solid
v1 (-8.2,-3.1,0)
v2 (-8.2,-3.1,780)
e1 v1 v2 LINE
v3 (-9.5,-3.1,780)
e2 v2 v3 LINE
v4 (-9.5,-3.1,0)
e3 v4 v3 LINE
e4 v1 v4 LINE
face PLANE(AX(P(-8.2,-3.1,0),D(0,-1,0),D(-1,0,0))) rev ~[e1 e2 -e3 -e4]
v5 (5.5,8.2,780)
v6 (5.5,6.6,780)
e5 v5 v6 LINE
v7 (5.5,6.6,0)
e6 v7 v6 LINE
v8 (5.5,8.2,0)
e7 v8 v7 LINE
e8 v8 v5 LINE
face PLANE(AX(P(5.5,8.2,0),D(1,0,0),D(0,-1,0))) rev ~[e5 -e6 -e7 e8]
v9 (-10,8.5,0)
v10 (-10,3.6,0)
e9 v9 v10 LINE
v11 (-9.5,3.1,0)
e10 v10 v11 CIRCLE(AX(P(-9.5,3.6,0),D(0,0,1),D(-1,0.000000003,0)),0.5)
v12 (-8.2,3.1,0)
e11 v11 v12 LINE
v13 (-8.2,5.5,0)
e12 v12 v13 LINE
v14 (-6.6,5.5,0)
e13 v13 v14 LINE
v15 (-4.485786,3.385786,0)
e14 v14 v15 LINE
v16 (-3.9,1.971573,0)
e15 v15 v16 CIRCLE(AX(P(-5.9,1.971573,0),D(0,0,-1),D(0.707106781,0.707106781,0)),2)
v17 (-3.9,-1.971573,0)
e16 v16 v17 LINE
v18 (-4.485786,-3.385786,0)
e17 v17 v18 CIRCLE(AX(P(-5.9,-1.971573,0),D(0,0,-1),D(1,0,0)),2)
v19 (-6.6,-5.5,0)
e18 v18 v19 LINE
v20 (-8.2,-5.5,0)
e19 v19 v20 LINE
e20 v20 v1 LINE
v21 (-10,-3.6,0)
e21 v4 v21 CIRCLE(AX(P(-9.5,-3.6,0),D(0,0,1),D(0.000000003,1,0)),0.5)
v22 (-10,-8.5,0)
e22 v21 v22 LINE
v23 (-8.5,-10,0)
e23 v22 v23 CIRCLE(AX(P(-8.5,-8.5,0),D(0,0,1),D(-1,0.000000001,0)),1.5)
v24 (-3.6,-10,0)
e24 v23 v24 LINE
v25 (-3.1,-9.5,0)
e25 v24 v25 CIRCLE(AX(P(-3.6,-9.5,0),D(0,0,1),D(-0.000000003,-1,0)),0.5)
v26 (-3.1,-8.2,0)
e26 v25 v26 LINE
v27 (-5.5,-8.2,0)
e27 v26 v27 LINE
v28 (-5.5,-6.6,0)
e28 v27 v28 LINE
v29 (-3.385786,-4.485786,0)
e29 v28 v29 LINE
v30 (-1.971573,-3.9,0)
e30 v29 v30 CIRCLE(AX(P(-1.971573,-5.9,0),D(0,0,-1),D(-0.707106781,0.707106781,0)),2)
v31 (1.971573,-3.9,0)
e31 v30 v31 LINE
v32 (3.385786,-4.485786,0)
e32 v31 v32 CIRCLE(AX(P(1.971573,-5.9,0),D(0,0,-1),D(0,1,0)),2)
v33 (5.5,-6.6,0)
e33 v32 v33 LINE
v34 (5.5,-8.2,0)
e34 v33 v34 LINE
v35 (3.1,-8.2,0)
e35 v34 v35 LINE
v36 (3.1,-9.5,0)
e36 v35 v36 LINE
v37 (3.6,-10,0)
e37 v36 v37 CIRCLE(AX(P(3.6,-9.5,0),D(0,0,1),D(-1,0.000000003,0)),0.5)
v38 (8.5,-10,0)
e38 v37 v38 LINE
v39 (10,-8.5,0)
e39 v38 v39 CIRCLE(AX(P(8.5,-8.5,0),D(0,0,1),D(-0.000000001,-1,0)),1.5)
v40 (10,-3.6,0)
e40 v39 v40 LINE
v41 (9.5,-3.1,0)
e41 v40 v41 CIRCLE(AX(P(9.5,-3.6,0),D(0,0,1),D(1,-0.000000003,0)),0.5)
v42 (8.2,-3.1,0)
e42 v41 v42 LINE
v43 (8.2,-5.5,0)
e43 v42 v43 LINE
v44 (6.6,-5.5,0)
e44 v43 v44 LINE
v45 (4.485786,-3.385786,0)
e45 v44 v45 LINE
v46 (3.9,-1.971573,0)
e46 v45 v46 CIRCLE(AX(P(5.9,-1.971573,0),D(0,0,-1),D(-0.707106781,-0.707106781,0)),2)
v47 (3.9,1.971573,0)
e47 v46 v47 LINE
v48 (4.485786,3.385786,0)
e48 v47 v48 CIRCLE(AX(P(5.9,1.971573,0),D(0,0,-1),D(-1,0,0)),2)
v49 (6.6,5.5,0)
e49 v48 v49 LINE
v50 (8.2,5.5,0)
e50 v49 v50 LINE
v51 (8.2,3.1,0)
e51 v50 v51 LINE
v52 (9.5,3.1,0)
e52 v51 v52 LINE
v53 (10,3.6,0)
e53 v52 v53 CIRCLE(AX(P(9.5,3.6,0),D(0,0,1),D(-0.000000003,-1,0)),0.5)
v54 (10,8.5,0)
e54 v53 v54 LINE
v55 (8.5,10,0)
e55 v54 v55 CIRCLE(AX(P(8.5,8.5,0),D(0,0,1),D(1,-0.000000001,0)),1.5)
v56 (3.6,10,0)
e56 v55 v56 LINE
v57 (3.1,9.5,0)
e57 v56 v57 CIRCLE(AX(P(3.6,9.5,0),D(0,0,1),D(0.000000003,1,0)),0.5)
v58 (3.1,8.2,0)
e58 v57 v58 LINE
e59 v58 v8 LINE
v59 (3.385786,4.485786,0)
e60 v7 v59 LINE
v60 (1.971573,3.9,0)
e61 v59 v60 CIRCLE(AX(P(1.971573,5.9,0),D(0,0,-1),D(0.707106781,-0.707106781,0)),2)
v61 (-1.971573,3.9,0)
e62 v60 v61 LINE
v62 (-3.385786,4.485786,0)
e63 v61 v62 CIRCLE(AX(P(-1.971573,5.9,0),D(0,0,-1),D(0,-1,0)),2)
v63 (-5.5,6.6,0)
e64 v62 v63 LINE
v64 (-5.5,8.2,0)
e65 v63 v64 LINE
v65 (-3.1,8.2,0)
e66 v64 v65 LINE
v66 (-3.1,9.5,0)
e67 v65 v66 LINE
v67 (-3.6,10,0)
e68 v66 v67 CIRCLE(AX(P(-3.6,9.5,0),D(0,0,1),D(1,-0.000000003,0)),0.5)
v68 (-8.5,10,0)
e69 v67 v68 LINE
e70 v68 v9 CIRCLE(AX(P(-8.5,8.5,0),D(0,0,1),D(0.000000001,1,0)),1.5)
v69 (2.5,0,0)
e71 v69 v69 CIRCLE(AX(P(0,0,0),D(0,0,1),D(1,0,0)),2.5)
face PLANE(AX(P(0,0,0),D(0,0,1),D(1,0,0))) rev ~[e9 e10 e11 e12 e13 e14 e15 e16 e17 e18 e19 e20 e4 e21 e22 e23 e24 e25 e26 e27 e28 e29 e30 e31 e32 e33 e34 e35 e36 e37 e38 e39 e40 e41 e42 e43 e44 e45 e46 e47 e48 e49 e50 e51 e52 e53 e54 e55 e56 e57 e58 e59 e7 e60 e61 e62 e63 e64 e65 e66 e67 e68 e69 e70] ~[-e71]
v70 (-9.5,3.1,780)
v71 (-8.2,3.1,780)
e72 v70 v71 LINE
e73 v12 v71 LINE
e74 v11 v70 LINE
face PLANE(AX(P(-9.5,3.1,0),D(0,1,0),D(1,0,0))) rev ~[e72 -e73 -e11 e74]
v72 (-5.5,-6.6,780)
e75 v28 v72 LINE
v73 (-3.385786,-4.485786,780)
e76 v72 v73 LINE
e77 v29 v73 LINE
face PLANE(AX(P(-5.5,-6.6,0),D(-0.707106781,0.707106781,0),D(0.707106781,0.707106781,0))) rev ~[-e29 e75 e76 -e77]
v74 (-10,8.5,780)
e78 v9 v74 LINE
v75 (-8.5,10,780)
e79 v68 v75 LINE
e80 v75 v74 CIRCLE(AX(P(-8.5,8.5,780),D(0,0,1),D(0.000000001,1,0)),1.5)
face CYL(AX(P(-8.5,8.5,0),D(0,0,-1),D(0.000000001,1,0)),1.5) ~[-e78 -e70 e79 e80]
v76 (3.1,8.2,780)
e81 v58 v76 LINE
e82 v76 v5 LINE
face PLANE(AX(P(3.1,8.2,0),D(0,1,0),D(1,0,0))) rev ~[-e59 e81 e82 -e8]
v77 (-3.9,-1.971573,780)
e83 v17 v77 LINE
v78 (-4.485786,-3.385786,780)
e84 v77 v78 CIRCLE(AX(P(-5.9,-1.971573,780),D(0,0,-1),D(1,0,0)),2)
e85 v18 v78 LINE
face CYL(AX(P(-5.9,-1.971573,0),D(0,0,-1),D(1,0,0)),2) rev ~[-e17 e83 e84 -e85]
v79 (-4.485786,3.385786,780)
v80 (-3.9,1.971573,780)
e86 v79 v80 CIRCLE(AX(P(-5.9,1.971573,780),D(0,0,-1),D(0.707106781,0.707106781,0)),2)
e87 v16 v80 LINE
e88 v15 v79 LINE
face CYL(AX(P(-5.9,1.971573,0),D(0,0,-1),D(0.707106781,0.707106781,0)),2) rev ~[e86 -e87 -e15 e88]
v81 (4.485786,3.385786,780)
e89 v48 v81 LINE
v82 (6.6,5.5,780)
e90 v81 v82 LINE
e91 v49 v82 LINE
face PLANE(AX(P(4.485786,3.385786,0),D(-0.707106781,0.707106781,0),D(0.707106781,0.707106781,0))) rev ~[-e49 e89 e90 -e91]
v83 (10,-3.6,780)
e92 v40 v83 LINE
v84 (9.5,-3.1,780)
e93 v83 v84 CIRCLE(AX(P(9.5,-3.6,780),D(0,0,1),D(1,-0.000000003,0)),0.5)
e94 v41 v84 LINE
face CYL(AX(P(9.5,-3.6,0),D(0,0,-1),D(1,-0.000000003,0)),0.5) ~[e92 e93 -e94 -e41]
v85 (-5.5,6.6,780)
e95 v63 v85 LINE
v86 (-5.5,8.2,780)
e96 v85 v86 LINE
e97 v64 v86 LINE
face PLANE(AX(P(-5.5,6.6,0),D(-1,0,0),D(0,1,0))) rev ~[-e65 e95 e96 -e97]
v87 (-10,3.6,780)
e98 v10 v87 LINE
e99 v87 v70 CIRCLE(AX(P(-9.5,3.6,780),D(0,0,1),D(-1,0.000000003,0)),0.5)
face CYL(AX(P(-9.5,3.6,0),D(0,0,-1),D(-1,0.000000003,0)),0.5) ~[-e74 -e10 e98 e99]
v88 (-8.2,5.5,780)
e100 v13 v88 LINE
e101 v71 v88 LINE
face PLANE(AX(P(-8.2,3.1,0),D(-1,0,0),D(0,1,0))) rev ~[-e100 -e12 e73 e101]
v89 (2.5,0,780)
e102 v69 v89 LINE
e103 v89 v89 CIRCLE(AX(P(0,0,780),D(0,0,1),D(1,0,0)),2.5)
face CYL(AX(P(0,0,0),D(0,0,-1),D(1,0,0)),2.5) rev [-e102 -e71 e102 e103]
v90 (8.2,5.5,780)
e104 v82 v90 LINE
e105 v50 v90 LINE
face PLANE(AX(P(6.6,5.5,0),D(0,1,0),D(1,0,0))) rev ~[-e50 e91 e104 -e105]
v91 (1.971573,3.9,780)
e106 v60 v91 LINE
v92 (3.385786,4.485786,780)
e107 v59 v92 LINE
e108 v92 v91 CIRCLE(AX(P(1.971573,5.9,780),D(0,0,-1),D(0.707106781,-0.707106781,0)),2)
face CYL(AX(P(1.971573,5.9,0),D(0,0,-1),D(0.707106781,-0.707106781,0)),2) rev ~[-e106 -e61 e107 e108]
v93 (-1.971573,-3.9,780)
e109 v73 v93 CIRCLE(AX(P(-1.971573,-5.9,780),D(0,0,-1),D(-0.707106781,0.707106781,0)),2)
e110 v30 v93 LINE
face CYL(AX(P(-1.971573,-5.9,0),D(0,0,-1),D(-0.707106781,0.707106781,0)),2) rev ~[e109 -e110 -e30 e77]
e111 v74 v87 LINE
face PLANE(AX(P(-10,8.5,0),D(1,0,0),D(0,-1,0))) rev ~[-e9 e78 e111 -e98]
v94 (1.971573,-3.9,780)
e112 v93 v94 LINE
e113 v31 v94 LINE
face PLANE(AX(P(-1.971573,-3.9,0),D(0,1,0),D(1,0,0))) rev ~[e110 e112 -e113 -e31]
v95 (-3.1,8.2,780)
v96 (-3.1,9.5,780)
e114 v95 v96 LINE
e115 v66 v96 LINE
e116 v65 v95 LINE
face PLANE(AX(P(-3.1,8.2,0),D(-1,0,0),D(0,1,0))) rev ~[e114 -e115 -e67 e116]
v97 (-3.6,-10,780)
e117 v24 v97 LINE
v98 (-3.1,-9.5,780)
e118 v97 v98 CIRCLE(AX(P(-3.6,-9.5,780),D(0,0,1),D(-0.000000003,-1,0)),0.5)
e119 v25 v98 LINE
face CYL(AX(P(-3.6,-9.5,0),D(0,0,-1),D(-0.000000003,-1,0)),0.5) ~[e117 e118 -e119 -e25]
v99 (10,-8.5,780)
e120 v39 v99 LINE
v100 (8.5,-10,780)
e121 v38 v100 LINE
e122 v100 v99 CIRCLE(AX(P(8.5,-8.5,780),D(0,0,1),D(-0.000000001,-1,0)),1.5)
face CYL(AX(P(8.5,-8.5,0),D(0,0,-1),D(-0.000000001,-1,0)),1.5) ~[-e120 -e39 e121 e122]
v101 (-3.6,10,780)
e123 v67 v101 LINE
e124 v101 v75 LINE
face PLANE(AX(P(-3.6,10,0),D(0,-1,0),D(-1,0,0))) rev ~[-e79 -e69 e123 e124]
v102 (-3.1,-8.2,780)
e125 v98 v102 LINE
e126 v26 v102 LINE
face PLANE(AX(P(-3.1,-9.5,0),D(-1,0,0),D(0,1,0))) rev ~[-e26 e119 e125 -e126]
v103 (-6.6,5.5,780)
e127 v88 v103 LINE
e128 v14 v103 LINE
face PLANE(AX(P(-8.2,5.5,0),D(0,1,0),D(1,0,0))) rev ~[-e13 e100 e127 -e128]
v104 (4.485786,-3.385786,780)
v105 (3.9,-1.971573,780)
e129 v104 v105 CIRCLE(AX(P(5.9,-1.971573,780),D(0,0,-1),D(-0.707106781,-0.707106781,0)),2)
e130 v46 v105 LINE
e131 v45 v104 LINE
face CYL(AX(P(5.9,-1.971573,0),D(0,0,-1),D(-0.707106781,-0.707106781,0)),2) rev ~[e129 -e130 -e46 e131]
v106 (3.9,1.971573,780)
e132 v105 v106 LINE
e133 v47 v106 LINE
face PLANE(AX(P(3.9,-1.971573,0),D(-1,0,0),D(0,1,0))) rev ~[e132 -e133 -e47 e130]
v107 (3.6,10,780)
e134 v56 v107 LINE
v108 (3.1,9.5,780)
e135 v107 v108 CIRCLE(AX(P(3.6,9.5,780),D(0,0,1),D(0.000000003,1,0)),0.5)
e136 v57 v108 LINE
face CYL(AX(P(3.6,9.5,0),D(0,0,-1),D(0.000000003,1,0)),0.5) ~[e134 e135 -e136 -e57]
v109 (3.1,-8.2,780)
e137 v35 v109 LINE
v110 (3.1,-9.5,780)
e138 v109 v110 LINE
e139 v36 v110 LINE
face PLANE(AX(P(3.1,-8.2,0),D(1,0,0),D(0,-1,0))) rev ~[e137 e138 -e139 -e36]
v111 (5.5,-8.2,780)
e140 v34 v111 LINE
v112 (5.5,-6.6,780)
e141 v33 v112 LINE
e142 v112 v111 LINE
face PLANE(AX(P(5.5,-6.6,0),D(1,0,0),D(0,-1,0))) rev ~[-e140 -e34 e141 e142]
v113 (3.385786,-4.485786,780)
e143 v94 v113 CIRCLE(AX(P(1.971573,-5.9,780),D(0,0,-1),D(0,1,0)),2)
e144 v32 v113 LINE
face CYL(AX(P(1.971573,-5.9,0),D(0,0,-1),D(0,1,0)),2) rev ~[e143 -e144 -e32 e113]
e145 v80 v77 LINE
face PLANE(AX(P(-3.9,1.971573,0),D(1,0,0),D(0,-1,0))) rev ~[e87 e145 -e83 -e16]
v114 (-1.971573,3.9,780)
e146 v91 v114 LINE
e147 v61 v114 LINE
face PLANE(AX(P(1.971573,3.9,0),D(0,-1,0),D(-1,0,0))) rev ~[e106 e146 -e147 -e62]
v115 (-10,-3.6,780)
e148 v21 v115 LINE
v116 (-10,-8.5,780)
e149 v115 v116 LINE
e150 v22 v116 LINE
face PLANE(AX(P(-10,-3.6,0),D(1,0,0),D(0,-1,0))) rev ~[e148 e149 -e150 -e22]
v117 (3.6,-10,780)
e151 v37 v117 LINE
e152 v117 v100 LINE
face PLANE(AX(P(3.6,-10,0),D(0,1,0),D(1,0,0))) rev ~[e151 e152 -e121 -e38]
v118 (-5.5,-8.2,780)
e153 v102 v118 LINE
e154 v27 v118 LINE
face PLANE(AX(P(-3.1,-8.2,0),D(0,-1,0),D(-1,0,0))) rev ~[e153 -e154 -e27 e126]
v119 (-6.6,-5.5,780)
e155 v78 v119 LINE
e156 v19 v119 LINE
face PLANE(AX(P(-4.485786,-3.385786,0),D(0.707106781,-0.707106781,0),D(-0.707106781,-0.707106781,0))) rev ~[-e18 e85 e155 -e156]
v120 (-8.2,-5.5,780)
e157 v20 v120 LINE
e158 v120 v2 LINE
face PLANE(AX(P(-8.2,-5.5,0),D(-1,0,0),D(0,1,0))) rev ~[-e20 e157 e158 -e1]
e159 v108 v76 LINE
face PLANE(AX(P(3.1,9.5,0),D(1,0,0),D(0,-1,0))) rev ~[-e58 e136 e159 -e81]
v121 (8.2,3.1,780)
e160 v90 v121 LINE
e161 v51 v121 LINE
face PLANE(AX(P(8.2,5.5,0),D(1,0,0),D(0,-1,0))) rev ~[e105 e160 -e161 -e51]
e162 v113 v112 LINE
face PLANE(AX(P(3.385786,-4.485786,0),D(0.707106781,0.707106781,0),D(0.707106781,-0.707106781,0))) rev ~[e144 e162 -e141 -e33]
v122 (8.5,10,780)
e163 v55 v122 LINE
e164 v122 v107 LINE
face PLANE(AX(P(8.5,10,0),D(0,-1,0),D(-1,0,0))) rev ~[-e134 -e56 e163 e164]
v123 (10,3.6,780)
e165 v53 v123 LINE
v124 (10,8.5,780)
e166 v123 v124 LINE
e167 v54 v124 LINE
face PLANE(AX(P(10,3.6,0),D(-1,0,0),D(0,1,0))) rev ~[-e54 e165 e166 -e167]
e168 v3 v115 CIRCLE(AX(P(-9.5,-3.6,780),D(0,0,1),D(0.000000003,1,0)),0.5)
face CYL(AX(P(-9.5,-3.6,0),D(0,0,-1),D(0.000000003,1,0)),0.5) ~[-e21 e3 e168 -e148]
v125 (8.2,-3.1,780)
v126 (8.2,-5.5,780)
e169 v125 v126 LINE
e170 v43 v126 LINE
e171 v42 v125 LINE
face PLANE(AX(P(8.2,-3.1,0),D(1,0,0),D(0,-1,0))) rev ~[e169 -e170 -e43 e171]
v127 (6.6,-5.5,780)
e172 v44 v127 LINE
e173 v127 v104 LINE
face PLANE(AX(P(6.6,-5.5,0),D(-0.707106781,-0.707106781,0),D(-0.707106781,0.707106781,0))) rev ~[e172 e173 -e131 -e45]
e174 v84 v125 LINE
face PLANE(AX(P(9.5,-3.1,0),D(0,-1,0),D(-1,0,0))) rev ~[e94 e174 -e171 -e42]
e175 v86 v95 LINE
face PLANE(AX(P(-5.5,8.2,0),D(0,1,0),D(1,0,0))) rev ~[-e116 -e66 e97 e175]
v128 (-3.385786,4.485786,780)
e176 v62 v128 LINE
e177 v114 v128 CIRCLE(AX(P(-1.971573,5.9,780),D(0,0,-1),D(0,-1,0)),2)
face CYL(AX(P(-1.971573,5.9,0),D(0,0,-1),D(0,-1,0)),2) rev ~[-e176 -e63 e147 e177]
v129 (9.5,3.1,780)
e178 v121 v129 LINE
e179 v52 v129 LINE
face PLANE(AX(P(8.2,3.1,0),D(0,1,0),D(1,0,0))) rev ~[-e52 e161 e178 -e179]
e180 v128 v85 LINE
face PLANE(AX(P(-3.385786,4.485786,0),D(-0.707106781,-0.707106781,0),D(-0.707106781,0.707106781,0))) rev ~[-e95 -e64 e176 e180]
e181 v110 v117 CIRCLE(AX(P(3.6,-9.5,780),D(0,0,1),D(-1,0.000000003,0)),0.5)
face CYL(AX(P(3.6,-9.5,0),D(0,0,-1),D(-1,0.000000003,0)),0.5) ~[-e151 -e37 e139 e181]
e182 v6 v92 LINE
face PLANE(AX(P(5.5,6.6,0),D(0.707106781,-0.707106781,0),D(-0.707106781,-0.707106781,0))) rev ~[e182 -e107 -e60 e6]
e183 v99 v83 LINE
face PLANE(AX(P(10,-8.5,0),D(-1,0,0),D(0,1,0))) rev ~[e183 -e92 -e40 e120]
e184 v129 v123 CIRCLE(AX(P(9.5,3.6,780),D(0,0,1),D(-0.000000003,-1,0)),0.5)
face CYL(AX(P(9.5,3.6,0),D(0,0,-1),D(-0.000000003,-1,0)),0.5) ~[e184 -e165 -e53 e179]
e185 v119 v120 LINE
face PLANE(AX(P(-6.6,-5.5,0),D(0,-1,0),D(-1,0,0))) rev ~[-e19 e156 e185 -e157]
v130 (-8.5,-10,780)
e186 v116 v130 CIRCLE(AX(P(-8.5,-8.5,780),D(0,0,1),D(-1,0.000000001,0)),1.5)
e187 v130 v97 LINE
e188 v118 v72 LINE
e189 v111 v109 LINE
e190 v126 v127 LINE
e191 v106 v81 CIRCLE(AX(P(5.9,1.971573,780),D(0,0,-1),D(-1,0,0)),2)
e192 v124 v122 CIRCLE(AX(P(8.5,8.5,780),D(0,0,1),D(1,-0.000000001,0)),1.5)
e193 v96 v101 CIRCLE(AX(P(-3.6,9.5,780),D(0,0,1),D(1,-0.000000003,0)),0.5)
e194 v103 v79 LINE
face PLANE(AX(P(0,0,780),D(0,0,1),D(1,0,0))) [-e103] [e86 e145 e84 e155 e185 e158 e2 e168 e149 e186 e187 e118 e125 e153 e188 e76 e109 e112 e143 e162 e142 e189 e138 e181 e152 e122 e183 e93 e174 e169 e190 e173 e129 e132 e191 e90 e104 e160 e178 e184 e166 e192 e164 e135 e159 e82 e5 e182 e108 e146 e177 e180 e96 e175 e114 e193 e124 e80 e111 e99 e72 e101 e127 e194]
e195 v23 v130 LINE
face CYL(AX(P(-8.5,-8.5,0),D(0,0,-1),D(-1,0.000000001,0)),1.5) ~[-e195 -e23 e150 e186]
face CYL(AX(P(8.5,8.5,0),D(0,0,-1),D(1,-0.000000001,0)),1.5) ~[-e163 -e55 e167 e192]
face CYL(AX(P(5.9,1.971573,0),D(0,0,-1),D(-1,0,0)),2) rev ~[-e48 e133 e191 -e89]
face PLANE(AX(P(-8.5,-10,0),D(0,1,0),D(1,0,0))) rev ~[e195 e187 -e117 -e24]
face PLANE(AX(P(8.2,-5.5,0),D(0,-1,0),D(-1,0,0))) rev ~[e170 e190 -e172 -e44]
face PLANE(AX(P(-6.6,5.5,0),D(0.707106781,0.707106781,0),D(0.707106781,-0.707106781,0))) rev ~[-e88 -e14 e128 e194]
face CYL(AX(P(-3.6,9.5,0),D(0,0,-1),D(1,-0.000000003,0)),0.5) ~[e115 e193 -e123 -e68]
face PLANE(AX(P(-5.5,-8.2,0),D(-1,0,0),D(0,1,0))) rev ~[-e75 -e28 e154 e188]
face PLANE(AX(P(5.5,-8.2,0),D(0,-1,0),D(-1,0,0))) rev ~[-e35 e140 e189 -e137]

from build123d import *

# Parameters (mm, degrees)
SKETCH_1_R      = 2.5
EXTRUDE_1_DEPTH = 780


with BuildPart() as part:
    # 草图1 → 凸台-拉伸1 (new body)
    with BuildSketch(Plane.XY):
        with BuildLine():
            Line((3.9, 0), (3.9, 1.971572875))
            ThreePointArc((3.9, 1.971572875), (4.052240935, 2.73693974), (4.485786438, 3.385786438))
            Line((4.485786438, 3.385786438), (6.6, 5.5))
            Line((6.6, 5.5), (8.2, 5.5))
            Line((8.2, 5.5), (8.2, 3.1))
            Line((8.2, 3.1), (9.5, 3.1))
            ThreePointArc((9.5, 3.1), (9.853553391, 3.246446609), (10, 3.6))
            Line((10, 3.6), (10, 8.5))
            ThreePointArc((10, 8.5), (9.560660172, 9.560660172), (8.5, 10))
            Line((8.5, 10), (3.6, 10))
            ThreePointArc((3.6, 10), (3.246446609, 9.853553391), (3.1, 9.5))
            Line((3.1, 9.5), (3.1, 8.2))
            Line((3.1, 8.2), (5.5, 8.2))
            Line((5.5, 8.2), (5.5, 6.6))
            Line((5.5, 6.6), (3.385786438, 4.485786438))
            ThreePointArc((3.385786438, 4.485786438), (2.73693974, 4.052240935), (1.971572875, 3.9))
            Line((1.971572875, 3.9), (0, 3.9))
            Line((0, 3.9), (-1.971572875, 3.9))
            ThreePointArc((-1.971572875, 3.9), (-2.73693974, 4.052240935), (-3.385786438, 4.485786438))
            Line((-3.385786438, 4.485786438), (-5.5, 6.6))
            Line((-5.5, 6.6), (-5.5, 8.2))
            Line((-5.5, 8.2), (-3.1, 8.2))
            Line((-3.1, 8.2), (-3.1, 9.5))
            ThreePointArc((-3.1, 9.5), (-3.246446609, 9.853553391), (-3.6, 10))
            Line((-3.6, 10), (-8.5, 10))
            ThreePointArc((-8.5, 10), (-9.560660172, 9.560660172), (-10, 8.5))
            Line((-10, 8.5), (-10, 3.6))
            ThreePointArc((-10, 3.6), (-9.853553391, 3.246446609), (-9.5, 3.1))
            Line((-9.5, 3.1), (-8.2, 3.1))
            Line((-8.2, 3.1), (-8.2, 5.5))
            Line((-8.2, 5.5), (-6.6, 5.5))
            Line((-6.6, 5.5), (-4.485786438, 3.385786438))
            ThreePointArc((-4.485786438, 3.385786438), (-4.052240935, 2.73693974), (-3.9, 1.971572875))
            Line((-3.9, 1.971572875), (-3.9, 0))
            Line((-3.9, 0), (-3.9, -1.971572875))
            ThreePointArc((-3.9, -1.971572875), (-4.052240935, -2.73693974), (-4.485786438, -3.385786438))
            Line((-4.485786438, -3.385786438), (-6.6, -5.5))
            Line((-6.6, -5.5), (-8.2, -5.5))
            Line((-8.2, -5.5), (-8.2, -3.1))
            Line((-8.2, -3.1), (-9.5, -3.1))
            ThreePointArc((-9.5, -3.1), (-9.853553391, -3.246446609), (-10, -3.6))
            Line((-10, -3.6), (-10, -8.5))
            ThreePointArc((-10, -8.5), (-9.560660172, -9.560660172), (-8.5, -10))
            Line((-8.5, -10), (-3.6, -10))
            ThreePointArc((-3.6, -10), (-3.246446609, -9.853553391), (-3.1, -9.5))
            Line((-3.1, -9.5), (-3.1, -8.2))
            Line((-3.1, -8.2), (-5.5, -8.2))
            Line((-5.5, -8.2), (-5.5, -6.6))
            Line((-5.5, -6.6), (-3.385786438, -4.485786438))
            ThreePointArc((-3.385786438, -4.485786438), (-2.73693974, -4.052240935), (-1.971572875, -3.9))
            Line((-1.971572875, -3.9), (0, -3.9))
            Line((0, -3.9), (1.971572875, -3.9))
            ThreePointArc((1.971572875, -3.9), (2.73693974, -4.052240935), (3.385786438, -4.485786438))
            Line((3.385786438, -4.485786438), (5.5, -6.6))
            Line((5.5, -6.6), (5.5, -8.2))
            Line((5.5, -8.2), (3.1, -8.2))
            Line((3.1, -8.2), (3.1, -9.5))
            ThreePointArc((3.1, -9.5), (3.246446609, -9.853553391), (3.6, -10))
            Line((3.6, -10), (8.5, -10))
            ThreePointArc((8.5, -10), (9.560660172, -9.560660172), (10, -8.5))
            Line((10, -8.5), (10, -3.6))
            ThreePointArc((10, -3.6), (9.853553391, -3.246446609), (9.5, -3.1))
            Line((9.5, -3.1), (8.2, -3.1))
            Line((8.2, -3.1), (8.2, -5.5))
            Line((8.2, -5.5), (6.6, -5.5))
            Line((6.6, -5.5), (4.485786438, -3.385786438))
            ThreePointArc((4.485786438, -3.385786438), (4.052240935, -2.73693974), (3.9, -1.971572875))
            Line((3.9, -1.971572875), (3.9, 0))
        make_face()
        Circle(SKETCH_1_R, mode=Mode.SUBTRACT)
    extrude(amount=EXTRUDE_1_DEPTH)


solid = part.part
